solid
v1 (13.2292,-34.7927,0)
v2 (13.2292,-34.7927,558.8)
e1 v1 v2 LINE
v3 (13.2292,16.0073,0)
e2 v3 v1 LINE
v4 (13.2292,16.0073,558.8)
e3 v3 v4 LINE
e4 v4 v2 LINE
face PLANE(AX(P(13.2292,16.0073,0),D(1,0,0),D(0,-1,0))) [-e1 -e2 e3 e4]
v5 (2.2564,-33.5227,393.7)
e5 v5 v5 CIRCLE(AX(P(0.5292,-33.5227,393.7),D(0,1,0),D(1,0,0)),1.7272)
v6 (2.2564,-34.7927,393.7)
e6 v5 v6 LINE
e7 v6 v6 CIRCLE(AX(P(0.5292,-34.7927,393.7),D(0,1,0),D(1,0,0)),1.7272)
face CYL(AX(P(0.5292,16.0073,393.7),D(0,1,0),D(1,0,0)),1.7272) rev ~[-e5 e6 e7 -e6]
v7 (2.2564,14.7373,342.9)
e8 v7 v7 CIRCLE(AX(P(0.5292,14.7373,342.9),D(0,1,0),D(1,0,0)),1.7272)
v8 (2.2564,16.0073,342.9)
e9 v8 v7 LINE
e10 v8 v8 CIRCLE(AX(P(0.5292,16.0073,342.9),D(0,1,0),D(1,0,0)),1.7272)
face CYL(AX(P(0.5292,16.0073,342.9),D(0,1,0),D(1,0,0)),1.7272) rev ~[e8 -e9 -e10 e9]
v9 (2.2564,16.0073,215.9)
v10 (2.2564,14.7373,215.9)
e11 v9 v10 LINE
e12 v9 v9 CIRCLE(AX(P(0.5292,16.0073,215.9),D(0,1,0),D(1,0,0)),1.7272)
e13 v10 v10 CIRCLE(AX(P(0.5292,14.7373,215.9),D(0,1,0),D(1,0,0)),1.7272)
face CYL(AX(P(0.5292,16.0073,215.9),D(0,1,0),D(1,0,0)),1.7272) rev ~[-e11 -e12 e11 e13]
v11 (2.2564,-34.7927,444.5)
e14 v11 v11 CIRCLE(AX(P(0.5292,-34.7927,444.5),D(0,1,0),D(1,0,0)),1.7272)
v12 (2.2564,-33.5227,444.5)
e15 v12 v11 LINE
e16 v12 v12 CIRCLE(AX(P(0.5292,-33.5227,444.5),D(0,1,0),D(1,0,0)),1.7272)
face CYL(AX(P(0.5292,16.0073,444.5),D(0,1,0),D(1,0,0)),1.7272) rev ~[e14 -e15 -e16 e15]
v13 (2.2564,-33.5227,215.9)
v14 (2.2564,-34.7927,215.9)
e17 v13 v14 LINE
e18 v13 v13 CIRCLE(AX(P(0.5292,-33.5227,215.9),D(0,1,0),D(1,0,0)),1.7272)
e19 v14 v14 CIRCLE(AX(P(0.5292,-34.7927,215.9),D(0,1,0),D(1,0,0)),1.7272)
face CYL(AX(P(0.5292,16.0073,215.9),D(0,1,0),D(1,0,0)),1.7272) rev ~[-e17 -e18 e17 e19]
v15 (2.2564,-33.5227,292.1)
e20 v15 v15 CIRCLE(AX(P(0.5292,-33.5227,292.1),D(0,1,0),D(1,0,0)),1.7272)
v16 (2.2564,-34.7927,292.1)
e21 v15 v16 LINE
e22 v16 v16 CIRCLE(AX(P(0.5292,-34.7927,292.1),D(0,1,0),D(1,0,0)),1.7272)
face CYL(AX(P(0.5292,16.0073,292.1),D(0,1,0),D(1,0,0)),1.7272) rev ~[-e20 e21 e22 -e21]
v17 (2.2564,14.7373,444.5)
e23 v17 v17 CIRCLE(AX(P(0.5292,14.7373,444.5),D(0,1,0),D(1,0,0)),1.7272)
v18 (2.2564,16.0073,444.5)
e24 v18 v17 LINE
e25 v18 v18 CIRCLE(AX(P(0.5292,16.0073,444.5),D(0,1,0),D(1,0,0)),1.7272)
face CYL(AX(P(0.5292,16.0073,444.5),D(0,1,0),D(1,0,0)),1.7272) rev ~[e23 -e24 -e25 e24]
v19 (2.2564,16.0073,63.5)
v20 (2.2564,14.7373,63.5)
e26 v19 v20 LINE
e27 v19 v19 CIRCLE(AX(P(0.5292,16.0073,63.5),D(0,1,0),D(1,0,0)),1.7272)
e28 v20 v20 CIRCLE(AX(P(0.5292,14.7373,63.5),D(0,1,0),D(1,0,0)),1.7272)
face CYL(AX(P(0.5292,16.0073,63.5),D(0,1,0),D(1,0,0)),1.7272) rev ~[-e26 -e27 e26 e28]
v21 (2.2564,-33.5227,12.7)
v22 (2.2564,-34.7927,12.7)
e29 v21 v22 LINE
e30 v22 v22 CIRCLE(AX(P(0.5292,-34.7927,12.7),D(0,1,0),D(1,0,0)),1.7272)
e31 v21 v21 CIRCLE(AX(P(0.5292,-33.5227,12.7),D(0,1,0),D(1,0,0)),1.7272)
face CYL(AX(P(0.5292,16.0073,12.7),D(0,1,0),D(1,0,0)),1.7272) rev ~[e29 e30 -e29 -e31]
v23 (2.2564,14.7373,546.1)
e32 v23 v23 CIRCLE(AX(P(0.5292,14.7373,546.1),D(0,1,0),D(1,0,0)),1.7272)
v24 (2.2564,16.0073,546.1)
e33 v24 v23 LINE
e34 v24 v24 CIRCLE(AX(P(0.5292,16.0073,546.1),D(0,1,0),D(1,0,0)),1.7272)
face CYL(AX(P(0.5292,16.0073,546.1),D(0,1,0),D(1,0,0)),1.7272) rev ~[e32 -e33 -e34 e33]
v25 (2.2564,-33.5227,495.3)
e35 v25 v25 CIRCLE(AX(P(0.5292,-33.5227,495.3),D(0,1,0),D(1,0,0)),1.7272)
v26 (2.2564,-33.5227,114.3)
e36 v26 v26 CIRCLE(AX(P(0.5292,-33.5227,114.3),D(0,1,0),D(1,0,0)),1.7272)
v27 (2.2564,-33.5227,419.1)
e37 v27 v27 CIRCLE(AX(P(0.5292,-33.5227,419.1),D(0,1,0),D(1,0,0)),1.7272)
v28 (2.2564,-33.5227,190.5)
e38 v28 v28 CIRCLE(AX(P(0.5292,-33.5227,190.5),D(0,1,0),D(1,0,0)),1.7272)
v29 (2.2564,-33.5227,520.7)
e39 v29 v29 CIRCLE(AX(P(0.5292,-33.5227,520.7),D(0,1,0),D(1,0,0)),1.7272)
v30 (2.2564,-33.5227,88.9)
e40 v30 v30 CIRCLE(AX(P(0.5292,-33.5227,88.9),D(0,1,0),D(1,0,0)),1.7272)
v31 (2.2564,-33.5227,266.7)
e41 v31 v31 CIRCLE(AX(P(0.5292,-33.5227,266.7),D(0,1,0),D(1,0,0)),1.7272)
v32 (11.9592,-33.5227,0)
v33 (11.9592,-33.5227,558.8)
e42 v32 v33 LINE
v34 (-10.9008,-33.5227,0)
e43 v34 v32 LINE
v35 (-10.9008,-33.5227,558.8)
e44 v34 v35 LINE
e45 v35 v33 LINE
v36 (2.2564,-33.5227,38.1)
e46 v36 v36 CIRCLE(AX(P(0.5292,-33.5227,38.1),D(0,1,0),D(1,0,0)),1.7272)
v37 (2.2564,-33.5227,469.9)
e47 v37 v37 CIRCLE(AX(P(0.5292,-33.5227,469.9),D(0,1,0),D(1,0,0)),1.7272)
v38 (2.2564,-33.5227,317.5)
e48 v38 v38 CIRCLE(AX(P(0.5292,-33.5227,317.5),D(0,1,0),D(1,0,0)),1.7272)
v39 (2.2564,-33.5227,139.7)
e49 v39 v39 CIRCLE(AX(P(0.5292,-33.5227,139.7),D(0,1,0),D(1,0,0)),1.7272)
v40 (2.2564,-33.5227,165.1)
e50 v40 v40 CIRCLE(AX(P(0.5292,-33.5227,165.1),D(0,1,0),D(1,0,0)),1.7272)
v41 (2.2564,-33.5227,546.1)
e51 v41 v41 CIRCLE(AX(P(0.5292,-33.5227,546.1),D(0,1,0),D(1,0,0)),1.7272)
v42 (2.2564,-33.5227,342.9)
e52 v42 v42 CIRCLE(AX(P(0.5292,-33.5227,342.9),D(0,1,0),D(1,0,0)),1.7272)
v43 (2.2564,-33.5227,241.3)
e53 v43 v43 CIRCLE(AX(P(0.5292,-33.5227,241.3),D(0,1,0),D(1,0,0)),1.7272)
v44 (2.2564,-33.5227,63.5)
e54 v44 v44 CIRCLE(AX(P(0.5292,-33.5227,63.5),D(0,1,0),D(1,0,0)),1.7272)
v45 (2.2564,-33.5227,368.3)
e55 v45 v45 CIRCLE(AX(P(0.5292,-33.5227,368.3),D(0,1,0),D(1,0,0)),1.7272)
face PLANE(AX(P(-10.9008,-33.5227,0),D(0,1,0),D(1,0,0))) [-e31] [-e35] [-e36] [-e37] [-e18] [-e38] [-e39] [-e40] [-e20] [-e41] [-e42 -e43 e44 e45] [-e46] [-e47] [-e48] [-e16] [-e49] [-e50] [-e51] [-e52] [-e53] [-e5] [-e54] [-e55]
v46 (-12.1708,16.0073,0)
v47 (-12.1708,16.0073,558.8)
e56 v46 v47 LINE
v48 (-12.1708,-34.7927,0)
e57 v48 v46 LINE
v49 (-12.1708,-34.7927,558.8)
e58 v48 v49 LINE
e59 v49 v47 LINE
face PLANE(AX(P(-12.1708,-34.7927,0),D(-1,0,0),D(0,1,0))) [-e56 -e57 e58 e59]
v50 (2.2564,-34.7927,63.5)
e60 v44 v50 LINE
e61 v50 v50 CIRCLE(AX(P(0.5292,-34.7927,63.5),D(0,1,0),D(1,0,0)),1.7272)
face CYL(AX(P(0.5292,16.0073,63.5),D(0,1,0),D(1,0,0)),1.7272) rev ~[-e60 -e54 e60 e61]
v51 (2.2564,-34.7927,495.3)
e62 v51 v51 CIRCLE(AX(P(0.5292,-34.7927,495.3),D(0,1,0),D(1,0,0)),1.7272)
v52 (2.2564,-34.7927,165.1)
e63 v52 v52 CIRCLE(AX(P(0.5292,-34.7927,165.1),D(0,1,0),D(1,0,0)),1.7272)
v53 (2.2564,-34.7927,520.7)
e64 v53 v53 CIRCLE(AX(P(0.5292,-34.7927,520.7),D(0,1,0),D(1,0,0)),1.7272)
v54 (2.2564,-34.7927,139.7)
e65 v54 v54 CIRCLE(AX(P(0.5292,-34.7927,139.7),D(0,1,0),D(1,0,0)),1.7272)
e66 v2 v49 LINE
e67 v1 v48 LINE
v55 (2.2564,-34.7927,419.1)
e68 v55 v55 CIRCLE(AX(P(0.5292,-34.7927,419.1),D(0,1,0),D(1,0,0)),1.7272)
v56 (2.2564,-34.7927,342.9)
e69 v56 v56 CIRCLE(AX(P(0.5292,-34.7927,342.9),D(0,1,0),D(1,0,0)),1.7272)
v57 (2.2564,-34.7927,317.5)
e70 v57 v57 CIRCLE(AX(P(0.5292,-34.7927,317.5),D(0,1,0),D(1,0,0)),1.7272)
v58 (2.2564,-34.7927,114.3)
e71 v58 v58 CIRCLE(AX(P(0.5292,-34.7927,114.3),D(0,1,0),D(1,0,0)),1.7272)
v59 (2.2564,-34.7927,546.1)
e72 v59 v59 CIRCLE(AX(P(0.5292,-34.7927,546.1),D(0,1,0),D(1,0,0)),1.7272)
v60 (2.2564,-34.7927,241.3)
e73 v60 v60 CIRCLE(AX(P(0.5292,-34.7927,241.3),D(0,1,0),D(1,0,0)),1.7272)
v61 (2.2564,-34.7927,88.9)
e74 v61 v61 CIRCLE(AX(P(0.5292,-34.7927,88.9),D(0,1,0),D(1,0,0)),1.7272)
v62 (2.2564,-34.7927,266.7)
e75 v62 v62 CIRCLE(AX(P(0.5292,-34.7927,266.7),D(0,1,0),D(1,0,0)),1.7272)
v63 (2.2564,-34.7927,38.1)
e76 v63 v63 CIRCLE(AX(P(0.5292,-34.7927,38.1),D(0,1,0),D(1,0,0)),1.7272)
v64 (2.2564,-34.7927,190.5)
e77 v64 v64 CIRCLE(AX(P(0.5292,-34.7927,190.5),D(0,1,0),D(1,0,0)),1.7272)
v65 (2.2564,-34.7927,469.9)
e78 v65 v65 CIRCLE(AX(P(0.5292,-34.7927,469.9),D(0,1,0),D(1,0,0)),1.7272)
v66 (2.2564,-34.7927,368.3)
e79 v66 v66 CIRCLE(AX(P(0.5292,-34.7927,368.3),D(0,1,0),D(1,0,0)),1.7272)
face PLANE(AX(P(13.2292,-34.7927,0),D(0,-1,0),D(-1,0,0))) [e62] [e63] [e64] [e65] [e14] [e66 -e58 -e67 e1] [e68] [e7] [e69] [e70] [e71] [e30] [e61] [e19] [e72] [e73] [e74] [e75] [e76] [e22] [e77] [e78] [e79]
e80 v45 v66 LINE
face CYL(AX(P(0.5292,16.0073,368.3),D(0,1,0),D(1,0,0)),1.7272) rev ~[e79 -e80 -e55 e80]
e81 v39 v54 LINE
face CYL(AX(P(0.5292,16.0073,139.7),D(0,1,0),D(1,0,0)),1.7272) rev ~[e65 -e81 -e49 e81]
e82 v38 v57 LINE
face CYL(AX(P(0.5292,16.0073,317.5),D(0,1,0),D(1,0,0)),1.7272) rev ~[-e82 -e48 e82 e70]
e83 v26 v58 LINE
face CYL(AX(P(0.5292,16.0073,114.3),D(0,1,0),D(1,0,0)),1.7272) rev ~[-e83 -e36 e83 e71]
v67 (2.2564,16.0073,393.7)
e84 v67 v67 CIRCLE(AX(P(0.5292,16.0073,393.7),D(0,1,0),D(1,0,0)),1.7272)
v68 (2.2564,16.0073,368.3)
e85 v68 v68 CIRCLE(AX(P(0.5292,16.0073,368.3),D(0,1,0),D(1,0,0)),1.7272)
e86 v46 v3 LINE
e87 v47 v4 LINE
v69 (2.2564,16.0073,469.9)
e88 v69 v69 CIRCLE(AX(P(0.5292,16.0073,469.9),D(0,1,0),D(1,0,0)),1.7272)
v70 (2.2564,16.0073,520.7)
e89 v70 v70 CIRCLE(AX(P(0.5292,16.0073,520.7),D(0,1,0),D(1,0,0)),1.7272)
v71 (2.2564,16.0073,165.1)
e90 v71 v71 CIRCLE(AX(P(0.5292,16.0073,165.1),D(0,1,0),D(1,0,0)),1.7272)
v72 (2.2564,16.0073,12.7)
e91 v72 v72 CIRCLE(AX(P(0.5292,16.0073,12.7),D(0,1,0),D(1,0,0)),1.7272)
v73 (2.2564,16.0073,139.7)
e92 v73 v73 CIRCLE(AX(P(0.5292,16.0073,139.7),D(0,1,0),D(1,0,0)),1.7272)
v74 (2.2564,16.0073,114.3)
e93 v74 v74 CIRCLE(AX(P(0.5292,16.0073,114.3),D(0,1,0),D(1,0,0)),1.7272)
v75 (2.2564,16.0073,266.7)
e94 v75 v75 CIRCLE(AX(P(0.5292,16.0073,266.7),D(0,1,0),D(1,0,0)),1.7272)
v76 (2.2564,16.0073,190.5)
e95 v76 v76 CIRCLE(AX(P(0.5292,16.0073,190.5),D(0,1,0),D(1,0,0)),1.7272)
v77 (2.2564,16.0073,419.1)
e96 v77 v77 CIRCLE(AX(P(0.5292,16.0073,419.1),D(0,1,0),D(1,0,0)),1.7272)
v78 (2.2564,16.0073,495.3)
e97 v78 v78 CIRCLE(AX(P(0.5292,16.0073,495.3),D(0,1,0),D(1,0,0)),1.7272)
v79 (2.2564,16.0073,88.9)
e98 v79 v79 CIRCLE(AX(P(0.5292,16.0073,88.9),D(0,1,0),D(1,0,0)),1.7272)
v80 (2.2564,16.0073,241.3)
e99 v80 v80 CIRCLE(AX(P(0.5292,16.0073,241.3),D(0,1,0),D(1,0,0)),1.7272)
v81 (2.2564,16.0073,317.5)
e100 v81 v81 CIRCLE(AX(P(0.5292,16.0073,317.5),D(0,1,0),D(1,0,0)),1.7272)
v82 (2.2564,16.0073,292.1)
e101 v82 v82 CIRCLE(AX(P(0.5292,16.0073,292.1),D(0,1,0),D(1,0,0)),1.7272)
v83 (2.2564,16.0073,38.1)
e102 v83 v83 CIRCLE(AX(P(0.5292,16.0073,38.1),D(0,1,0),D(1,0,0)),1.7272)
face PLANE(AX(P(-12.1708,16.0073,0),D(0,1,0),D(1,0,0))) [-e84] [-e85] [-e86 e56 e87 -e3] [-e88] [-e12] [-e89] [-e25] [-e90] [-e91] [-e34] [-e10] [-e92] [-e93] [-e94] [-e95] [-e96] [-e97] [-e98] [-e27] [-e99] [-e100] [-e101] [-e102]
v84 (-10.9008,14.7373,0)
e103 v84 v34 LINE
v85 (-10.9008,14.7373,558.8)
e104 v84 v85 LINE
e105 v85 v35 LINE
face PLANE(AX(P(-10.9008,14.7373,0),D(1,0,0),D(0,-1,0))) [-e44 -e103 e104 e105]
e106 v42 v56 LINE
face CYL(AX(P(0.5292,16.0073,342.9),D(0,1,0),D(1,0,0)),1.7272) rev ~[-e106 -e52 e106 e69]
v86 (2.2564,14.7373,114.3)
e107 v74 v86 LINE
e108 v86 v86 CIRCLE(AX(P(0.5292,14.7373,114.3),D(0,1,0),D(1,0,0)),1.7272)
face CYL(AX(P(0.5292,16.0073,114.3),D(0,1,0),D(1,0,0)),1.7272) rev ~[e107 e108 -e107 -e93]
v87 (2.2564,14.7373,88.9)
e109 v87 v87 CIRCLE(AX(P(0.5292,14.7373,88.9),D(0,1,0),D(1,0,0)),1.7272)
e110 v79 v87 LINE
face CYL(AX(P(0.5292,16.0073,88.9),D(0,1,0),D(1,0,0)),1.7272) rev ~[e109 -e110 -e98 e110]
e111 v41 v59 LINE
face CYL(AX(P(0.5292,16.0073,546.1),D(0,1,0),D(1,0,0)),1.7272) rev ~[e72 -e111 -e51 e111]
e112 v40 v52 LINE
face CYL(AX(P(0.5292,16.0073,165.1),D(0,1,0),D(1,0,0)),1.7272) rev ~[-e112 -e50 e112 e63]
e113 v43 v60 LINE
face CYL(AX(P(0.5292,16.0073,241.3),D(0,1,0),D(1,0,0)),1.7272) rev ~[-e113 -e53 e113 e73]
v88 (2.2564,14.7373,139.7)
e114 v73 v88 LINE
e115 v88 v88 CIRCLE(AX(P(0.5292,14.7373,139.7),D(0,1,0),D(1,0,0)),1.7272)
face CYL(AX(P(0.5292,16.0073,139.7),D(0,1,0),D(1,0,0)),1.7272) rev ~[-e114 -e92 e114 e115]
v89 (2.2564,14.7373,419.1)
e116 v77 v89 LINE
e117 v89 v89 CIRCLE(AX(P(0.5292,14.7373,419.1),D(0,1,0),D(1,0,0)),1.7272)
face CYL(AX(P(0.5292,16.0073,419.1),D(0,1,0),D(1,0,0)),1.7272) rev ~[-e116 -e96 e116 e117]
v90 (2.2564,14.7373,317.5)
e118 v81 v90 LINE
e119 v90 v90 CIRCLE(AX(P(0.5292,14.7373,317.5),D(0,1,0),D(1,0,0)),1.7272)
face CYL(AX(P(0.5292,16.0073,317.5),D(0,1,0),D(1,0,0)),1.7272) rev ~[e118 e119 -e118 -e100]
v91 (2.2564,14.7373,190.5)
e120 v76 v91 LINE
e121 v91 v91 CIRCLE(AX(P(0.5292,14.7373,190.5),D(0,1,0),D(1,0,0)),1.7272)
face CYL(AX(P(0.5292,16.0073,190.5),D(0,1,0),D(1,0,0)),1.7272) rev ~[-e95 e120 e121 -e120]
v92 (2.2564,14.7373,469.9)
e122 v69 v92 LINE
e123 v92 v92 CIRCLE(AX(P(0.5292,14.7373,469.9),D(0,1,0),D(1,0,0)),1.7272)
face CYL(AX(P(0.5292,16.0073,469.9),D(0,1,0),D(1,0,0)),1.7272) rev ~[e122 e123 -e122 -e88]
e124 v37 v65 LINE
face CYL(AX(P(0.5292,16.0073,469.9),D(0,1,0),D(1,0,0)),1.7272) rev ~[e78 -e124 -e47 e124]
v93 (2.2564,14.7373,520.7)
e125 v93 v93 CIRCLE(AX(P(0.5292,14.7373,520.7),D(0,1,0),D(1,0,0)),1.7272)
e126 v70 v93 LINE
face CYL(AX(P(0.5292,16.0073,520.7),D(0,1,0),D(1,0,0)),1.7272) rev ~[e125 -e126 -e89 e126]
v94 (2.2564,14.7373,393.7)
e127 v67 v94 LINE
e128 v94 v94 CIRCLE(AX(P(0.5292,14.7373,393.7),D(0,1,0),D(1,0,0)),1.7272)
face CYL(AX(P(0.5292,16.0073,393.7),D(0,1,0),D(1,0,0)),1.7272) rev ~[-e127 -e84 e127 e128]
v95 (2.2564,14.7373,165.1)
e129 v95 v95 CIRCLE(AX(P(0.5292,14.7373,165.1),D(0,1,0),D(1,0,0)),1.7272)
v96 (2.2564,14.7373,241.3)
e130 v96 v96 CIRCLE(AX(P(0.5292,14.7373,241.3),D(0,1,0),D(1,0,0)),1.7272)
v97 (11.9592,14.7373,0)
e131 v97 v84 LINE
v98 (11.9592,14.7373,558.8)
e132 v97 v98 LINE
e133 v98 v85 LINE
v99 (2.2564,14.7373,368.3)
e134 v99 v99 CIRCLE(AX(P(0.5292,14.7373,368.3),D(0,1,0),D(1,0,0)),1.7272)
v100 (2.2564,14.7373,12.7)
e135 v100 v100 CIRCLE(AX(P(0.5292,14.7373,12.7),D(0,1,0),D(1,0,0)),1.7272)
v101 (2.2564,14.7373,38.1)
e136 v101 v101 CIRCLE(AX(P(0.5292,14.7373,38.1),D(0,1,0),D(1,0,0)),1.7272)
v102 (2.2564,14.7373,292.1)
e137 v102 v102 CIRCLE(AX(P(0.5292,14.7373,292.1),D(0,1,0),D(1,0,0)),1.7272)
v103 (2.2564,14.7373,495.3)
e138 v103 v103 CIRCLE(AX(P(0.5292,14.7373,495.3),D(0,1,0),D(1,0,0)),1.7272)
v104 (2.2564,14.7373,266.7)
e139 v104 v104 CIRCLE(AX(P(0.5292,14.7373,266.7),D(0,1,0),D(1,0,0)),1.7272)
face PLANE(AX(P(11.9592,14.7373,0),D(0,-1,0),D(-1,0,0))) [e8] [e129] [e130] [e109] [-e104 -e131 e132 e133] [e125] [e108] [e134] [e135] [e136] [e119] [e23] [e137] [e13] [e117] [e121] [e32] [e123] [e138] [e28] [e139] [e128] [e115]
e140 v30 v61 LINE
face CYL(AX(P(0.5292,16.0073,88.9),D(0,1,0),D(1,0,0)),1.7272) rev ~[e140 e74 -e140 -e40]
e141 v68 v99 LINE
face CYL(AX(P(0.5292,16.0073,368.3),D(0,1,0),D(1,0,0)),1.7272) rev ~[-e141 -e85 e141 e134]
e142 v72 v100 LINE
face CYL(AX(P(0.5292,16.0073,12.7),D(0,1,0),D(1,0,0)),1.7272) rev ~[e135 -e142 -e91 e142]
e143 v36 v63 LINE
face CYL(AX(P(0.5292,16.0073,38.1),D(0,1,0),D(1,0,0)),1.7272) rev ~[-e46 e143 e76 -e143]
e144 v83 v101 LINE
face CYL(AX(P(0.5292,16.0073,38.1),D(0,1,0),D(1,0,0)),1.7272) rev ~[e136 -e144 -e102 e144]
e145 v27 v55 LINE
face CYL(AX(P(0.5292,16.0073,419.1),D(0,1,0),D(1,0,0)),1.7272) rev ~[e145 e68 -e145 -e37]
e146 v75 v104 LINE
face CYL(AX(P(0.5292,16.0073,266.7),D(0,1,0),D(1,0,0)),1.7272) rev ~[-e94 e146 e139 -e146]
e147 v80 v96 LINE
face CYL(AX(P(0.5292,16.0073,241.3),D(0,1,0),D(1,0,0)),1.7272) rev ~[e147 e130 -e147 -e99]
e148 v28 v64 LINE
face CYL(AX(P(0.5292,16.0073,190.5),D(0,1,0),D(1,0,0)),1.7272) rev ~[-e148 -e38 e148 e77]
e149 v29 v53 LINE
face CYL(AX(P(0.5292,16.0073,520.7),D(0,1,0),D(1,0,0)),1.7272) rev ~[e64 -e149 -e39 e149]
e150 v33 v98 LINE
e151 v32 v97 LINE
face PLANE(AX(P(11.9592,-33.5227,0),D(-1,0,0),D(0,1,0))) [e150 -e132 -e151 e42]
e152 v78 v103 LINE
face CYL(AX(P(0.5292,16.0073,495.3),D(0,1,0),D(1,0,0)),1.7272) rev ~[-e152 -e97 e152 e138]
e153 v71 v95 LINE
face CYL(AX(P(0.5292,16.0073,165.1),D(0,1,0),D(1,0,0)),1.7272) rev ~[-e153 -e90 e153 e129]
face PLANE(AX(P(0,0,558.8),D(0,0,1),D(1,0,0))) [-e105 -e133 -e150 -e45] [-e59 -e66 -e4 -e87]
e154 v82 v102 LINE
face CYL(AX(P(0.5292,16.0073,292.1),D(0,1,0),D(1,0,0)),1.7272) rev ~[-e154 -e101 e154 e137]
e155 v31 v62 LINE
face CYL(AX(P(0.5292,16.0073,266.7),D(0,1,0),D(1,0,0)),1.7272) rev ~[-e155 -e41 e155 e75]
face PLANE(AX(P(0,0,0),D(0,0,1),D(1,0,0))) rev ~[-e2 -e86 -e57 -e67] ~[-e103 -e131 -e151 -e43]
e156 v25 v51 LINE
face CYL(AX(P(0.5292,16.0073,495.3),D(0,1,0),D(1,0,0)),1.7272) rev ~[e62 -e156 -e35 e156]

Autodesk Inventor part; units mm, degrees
ref_plane "YZ Plane" through (0, 0, 0) normal (1, 0, 0) x (0, 1, 0)
ref_plane "XZ Plane" through (0, 0, 0) normal (0, 1, 0) x (-1, 0, 0)
ref_plane "XY Plane" through (0, 0, 0) normal (0, 0, 1) x (1, 0, 0)
sketch "Sketch1" plane through (0, 0, 0) normal (0, 0, 1) x (1, 0, 0)
  line L0 (-12.1708, 16.0073) -> (13.2292, 16.0073)
  line L1 (13.2292, 16.0073) -> (13.2292, -34.7927)
  line L2 (13.2292, -34.7927) -> (-12.1708, -34.7927)
  line L3 (-12.1708, -34.7927) -> (-12.1708, 16.0073)
  line L4 (11.9592, 14.7373) -> (-10.9008, 14.7373)
  line L5 (-10.9008, 14.7373) -> (-10.9008, -33.5227)
  line L6 (-10.9008, -33.5227) -> (11.9592, -33.5227)
  line L7 (11.9592, -33.5227) -> (11.9592, 14.7373)
  point P0 (0, 0)
  dimension "d0" = 25.4
  dimension "d1" = 50.8
  dimension "d2" = 1.27
extrude "Extrusion1" add sketch "Sketch1" along normal blind 558.8
sketch "Sketch2" plane through (-12.1708, 16.0073, 0) normal (0, 1, 0) x (1, 0, 0)
  circle A0 centre (12.7, -12.7) radius 1.7272
  line L0 (25.4, 0) -> (0, 0) projected
  line L1 (0, 0) -> (0, -558.8) projected
  point P0 (12.1708, 0)
  dimension "d5" = 3.4544
  dimension "d6" = 12.7
  dimension "d7" = 12.7
extrude "Extrusion2" cut sketch "Sketch2" against normal through all
pattern_linear "Rectangular Pattern1" count 22 spacing 25.4 along (0, 0, 1) of "Extrusion2"
equation "\"d3\" = d13"
equation "\"d13\" = 558.8"
properties part number "VerseFrame 22in"
